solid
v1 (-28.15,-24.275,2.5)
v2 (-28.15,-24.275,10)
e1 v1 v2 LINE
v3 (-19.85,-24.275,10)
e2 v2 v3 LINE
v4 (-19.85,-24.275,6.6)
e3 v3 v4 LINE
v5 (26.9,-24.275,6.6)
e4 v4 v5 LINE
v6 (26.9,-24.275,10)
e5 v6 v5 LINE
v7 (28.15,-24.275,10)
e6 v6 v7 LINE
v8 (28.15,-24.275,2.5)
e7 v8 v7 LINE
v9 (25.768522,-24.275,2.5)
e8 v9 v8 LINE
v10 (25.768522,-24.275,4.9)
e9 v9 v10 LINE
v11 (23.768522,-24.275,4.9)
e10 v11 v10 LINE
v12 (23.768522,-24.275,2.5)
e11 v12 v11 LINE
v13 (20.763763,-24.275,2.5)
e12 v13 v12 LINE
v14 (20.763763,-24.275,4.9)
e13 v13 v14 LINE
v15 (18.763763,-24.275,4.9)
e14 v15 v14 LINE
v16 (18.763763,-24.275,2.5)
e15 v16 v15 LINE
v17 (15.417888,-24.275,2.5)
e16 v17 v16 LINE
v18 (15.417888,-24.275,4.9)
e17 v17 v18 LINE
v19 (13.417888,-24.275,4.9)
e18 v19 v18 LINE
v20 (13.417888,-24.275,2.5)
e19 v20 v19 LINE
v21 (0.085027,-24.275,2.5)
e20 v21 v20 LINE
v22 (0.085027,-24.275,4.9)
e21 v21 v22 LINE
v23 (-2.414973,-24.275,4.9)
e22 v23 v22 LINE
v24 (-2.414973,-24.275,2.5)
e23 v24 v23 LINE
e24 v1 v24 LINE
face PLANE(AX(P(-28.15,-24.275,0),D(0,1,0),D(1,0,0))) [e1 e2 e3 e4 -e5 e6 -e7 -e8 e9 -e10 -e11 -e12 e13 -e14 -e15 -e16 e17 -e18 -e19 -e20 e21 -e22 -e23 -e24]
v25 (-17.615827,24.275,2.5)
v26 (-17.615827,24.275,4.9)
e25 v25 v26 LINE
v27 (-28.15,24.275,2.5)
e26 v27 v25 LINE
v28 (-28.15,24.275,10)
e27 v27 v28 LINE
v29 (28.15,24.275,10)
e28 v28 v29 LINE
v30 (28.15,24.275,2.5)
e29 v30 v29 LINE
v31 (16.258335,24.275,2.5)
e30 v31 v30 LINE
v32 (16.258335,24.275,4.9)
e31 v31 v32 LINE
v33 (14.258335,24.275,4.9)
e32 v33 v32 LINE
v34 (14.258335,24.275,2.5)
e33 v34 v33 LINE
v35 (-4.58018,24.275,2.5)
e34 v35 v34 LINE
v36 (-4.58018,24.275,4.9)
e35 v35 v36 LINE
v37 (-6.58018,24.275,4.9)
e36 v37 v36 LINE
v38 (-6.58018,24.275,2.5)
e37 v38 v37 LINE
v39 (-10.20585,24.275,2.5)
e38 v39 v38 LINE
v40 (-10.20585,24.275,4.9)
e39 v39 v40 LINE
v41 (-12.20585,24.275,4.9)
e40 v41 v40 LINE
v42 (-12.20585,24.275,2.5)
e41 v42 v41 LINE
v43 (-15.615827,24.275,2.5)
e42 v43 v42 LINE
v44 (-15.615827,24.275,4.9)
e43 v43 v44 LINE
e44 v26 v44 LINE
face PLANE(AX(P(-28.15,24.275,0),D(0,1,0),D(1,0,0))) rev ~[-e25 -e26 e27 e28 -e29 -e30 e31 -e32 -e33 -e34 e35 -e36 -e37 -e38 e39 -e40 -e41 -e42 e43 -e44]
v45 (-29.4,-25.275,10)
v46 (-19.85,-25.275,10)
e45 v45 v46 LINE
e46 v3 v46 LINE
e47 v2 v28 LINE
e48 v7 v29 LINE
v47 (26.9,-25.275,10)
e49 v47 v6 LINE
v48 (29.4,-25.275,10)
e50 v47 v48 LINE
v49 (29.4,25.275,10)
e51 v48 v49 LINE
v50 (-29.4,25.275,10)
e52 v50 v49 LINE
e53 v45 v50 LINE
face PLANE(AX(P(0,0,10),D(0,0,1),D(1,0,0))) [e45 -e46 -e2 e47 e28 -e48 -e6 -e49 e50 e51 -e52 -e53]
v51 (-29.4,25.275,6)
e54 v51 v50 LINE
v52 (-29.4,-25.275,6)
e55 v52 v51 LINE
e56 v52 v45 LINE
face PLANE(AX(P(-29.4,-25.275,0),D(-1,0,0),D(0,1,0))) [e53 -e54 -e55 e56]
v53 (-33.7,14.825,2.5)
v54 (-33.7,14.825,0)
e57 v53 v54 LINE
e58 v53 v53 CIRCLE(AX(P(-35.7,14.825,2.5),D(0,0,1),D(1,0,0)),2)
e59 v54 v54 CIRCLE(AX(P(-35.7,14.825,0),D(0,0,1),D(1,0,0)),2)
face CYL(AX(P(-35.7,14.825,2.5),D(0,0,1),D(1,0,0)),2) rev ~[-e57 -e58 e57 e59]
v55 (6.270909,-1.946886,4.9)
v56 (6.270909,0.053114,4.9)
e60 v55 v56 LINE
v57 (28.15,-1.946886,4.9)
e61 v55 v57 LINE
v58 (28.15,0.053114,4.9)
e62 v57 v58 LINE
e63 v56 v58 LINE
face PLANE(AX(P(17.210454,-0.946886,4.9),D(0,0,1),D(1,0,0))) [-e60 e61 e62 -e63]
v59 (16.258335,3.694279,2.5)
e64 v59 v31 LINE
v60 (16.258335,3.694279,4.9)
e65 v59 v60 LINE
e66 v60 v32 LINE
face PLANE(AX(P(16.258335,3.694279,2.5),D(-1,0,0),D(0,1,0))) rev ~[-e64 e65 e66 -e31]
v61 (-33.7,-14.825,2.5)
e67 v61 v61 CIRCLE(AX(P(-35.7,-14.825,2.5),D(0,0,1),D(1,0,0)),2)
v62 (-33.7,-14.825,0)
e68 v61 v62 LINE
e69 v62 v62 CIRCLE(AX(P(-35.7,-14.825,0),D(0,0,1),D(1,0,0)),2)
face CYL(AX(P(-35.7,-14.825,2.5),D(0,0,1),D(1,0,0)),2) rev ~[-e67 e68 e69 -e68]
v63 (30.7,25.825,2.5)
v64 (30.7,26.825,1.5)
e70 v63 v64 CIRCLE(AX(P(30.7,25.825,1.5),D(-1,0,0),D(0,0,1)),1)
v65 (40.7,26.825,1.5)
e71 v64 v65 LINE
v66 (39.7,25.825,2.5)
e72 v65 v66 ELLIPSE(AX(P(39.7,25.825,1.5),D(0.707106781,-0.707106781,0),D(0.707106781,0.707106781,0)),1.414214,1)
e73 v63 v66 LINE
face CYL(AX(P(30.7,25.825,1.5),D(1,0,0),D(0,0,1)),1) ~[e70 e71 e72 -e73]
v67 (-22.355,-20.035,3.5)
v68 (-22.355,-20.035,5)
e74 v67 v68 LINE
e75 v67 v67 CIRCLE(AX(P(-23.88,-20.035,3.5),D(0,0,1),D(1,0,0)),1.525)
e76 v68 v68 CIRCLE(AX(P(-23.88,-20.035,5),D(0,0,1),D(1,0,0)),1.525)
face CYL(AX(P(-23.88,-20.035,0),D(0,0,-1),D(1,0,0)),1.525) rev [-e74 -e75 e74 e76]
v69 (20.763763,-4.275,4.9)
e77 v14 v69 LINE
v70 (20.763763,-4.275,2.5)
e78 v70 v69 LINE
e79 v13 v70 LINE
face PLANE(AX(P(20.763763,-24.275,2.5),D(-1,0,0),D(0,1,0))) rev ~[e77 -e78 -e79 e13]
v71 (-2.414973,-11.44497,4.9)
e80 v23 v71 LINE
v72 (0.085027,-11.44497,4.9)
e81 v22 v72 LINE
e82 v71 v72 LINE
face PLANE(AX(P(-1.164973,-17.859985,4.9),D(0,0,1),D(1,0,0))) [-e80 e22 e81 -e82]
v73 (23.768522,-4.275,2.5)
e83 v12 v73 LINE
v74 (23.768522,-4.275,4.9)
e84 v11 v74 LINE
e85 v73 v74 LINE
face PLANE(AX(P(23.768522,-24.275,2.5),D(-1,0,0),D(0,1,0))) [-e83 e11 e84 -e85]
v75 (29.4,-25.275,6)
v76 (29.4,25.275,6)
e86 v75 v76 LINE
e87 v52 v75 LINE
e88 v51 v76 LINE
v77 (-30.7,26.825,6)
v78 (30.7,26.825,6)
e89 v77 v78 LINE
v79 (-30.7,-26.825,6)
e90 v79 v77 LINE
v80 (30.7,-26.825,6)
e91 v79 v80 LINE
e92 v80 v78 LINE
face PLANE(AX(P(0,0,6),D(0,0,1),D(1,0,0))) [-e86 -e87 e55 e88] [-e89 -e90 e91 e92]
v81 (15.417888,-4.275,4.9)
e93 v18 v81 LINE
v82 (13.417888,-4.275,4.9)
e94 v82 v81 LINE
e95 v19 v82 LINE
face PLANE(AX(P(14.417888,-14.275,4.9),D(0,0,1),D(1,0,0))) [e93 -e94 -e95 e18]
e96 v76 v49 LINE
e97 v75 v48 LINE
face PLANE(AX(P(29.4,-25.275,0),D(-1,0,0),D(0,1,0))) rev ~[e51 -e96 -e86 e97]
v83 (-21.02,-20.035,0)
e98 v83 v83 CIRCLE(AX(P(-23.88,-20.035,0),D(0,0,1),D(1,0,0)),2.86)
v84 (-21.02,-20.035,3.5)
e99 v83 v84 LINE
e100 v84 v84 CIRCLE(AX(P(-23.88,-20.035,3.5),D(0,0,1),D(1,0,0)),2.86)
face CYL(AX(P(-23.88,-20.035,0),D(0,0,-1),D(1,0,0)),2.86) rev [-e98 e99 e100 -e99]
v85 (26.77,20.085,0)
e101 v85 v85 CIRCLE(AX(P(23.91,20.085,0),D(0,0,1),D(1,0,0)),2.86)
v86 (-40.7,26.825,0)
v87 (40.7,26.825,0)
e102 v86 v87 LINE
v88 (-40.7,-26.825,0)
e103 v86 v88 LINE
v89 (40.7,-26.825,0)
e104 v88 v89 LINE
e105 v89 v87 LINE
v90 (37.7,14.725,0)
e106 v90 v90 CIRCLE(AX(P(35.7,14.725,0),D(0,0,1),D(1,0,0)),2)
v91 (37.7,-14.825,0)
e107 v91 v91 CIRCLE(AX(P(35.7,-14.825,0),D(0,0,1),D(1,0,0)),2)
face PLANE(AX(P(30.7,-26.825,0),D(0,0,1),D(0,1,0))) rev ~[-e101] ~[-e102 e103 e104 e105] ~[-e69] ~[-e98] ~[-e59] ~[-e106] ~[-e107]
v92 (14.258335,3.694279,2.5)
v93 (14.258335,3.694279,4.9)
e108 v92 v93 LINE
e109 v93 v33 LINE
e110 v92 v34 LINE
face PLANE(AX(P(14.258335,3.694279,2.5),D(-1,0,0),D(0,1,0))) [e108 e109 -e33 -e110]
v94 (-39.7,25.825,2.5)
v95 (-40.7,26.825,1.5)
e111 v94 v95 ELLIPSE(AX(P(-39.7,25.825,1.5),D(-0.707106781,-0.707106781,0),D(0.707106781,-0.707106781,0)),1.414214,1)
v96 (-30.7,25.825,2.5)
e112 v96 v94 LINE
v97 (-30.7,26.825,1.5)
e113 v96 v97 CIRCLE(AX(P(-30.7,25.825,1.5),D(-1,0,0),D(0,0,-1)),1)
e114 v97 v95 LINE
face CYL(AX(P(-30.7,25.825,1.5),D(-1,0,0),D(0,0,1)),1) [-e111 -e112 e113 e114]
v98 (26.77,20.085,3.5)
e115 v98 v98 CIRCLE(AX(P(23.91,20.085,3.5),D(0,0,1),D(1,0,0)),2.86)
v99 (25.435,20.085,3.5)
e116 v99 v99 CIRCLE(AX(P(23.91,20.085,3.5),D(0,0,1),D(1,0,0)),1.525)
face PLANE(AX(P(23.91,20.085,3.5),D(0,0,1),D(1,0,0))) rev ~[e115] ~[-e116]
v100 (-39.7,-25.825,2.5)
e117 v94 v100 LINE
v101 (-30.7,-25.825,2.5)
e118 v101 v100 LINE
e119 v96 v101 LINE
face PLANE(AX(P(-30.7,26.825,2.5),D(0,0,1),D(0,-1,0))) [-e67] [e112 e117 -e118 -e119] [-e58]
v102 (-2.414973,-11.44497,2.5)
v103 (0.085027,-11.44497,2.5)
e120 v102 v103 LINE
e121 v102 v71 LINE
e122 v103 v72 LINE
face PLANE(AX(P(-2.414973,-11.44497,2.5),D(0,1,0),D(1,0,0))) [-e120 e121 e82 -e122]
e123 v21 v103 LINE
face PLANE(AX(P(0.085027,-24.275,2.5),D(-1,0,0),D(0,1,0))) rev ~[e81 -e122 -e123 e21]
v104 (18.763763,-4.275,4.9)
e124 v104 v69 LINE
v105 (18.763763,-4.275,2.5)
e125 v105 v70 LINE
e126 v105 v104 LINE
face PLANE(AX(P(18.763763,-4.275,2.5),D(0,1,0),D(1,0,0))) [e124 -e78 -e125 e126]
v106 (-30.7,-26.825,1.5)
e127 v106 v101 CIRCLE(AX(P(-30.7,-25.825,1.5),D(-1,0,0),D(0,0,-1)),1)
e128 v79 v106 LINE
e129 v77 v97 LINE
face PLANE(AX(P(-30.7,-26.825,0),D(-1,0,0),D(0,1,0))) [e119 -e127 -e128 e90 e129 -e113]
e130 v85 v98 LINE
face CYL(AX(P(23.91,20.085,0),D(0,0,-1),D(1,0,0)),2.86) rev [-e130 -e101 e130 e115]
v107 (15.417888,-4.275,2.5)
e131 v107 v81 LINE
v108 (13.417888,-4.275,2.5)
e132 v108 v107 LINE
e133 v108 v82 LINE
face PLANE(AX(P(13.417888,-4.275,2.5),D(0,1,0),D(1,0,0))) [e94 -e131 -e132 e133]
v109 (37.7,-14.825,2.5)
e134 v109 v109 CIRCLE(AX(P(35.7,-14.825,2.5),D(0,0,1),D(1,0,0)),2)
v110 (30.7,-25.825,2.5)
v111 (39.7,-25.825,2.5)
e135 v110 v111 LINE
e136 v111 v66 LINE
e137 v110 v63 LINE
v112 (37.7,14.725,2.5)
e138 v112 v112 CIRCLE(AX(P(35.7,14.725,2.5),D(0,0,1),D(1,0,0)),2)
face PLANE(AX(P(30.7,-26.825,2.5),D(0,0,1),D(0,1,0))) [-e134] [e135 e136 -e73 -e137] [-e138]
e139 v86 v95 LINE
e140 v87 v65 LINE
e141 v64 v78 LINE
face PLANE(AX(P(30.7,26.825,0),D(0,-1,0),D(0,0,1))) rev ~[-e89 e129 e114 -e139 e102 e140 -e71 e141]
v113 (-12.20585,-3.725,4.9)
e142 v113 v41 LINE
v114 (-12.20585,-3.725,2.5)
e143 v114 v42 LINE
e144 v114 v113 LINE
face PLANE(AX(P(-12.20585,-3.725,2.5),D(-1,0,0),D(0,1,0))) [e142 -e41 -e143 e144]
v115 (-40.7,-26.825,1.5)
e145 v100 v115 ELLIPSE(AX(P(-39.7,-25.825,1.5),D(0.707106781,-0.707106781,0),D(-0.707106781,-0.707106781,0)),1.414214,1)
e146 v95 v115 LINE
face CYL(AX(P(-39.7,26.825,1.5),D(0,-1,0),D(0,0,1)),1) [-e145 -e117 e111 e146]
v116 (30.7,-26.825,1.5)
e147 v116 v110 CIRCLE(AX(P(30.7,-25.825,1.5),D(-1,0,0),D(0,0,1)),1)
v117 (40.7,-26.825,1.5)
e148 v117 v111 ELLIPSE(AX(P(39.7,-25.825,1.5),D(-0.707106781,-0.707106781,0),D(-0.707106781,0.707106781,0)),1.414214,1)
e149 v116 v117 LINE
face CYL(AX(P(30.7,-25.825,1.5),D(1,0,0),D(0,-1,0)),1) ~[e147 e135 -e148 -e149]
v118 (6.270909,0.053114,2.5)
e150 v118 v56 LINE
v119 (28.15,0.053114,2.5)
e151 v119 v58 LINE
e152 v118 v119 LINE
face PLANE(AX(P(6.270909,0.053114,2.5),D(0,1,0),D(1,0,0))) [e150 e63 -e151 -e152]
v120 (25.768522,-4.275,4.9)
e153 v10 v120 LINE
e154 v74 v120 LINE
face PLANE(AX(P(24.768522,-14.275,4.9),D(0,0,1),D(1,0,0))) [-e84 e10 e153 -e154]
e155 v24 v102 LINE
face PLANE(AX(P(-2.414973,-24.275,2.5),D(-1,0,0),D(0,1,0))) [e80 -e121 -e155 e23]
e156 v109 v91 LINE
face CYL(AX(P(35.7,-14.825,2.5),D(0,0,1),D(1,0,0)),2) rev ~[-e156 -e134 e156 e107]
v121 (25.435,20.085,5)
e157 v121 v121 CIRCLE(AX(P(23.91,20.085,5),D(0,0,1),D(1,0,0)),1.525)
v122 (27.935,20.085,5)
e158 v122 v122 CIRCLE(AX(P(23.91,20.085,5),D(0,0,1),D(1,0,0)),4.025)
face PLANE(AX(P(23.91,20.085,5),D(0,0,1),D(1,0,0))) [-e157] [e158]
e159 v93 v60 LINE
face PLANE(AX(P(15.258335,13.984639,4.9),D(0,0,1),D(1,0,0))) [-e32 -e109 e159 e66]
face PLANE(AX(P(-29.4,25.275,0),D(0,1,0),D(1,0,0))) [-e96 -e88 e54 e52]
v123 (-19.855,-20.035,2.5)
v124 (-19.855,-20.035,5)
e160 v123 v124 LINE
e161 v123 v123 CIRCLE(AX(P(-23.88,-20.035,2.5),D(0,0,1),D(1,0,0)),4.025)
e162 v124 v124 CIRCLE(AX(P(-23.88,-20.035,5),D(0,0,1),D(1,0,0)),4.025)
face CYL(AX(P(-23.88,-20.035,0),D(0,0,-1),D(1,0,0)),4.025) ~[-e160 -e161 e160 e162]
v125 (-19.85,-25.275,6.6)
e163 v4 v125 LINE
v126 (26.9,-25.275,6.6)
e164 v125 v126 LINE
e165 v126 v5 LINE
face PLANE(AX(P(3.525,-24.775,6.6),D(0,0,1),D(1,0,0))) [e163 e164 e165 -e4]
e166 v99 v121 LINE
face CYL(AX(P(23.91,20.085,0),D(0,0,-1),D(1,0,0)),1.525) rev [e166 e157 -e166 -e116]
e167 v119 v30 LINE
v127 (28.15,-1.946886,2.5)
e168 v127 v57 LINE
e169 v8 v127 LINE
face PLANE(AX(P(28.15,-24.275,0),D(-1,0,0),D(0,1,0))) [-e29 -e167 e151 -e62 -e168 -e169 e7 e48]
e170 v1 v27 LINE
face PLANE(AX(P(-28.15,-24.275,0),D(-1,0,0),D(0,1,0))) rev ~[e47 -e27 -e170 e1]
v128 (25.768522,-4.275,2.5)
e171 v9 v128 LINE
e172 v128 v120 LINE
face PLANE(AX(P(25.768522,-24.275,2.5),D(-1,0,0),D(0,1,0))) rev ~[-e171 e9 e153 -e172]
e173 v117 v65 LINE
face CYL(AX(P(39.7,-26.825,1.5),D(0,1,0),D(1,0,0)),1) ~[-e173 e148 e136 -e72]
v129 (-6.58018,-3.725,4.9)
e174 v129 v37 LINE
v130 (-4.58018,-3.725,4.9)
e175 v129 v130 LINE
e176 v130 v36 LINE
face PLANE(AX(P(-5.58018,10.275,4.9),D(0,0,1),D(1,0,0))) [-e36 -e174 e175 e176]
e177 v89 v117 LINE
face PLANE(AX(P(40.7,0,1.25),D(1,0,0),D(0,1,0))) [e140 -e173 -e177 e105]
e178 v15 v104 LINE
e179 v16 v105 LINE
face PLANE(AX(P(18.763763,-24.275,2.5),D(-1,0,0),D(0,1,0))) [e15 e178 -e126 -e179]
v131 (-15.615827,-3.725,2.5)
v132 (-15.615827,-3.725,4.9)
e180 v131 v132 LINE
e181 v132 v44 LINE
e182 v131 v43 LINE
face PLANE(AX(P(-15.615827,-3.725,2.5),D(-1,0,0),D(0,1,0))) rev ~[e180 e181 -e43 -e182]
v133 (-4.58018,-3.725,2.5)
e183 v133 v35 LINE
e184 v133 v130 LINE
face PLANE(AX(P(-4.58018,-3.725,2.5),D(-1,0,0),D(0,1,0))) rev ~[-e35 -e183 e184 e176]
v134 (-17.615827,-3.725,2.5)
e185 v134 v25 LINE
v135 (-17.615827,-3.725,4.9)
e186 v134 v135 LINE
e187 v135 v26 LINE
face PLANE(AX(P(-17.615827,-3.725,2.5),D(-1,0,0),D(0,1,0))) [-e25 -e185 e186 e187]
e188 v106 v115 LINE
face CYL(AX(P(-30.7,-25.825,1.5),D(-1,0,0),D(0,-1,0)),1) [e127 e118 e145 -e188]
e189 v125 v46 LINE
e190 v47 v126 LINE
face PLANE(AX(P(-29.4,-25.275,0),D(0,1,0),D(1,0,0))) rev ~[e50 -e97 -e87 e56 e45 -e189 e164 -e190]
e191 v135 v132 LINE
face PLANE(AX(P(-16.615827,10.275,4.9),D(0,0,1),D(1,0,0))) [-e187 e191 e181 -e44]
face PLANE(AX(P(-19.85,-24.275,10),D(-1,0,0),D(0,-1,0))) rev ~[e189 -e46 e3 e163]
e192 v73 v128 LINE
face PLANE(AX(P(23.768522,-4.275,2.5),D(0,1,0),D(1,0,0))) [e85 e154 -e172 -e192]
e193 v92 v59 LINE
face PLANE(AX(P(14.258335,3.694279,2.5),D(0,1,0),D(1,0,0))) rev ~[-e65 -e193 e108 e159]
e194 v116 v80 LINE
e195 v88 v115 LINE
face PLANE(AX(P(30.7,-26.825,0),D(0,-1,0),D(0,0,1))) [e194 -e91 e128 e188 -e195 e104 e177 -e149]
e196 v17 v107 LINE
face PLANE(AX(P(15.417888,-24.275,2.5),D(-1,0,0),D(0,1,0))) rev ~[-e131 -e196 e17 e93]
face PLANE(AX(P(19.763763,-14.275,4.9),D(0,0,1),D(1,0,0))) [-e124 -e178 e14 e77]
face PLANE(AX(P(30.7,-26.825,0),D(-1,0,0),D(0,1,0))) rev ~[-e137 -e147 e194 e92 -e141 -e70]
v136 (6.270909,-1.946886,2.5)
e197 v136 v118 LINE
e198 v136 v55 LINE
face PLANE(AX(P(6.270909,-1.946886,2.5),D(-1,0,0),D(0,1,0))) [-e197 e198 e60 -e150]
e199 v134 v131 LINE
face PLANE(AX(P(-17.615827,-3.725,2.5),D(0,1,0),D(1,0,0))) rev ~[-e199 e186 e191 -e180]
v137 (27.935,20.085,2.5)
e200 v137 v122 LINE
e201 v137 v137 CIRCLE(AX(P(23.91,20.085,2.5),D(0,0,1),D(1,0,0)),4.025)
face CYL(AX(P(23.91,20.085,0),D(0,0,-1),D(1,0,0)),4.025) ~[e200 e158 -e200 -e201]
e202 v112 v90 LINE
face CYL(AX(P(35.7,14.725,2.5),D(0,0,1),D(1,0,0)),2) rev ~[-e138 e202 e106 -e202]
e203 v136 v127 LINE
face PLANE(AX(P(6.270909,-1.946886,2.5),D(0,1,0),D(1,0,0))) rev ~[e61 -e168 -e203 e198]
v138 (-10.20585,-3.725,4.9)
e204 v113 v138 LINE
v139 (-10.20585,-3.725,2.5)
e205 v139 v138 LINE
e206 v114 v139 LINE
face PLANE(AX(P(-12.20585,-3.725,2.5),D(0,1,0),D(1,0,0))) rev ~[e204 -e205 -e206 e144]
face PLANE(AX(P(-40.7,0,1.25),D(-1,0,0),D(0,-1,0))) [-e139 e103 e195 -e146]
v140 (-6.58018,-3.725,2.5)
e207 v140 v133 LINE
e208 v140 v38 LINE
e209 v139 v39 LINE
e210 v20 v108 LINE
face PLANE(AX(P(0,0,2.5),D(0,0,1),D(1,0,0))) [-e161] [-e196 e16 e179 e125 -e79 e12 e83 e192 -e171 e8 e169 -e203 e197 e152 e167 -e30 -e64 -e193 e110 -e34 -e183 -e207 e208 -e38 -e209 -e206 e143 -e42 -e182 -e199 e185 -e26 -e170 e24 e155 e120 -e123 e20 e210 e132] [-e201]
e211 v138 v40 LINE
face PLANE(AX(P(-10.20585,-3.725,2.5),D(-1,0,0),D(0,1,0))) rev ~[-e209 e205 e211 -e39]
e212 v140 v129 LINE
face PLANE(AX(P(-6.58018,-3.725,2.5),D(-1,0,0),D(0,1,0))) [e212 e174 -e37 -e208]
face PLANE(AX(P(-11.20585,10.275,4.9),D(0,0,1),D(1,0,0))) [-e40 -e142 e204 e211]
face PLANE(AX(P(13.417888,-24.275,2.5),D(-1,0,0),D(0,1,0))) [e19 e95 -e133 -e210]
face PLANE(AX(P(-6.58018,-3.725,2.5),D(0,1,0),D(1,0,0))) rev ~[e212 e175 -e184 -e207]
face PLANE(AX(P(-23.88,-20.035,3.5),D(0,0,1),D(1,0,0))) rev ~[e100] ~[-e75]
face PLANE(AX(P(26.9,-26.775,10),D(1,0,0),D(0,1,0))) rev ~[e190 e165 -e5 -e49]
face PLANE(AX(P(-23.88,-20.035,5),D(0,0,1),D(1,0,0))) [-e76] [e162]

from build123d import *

# Parameters (mm, degrees)
F0_W      = 56.2999993563
F0_H      = 48.5499993563
F0_R      = 4.025
F1_DEPTH  = 2.5
F0_R_2    = 2.86
F0_R_3    = 1.525
F2_DEPTH  = 5
F0_W_2    = 58.7999993563
F0_H_2    = 50.5499993563
F3_DEPTH  = 10
F0_W_3    = 61.3999993563
F0_H_3    = 53.6499993563
F4_DEPTH  = 6
F5_DEPTH  = 3.5
F6_W      = 53.6499993563
F6_H      = 2.5
F8_DEPTH  = 10
F7_W      = 53.6499993563
F7_H      = 2.5
F9_DEPTH  = 10
F10_R     = 2
F11_R     = 2
F12_DEPTH = 2.5
F13_W     = 46.75
F13_H     = 1
F13_H_2   = 1.5
F14_DEPTH = 3.4
F15_W     = 2
F15_H     = 28
F15_H_2   = 20.5807207916
F15_W_2   = 21.8790904619
F15_H_3   = 2
F15_H_4   = 20
F15_W_3   = 2.5
F15_H_5   = 12.8300296441
F16_DEPTH = 2.4
F17_R     = 1


with BuildPart() as f1:
    # F0 (on Top) → F1 (new body)
    with BuildSketch(Plane.XY):
        Rectangle(F0_W, F0_H)
        with Locations((-23.88, -20.035)):
            Circle(F0_R, mode=Mode.SUBTRACT)
        with Locations((23.91, 20.085)):
            Circle(F0_R, mode=Mode.SUBTRACT)
    extrude(amount=F1_DEPTH)

    # F0 (on Top) → F2 (join)
    with BuildSketch(Plane.XY):
        with Locations((-23.88, -20.035)):
            Circle(F0_R)
        with Locations((-23.88, -20.035)):
            Circle(F0_R_2, mode=Mode.SUBTRACT)
        with Locations((-23.88, -20.035)):
            Circle(F0_R_2)
        with Locations((-23.88, -20.035)):
            Circle(F0_R_3, mode=Mode.SUBTRACT)
        with Locations((23.91, 20.085)):
            Circle(F0_R)
        with Locations((23.91, 20.085)):
            Circle(F0_R_2, mode=Mode.SUBTRACT)
        with Locations((23.91, 20.085)):
            Circle(F0_R_2)
        with Locations((23.91, 20.085)):
            Circle(F0_R_3, mode=Mode.SUBTRACT)
    extrude(amount=F2_DEPTH)

    # F0 (on Top) → F3 (join)
    with BuildSketch(Plane.XY):
        Rectangle(F0_W_2, F0_H_2)
        Rectangle(F0_W, F0_H, mode=Mode.SUBTRACT)
    extrude(amount=F3_DEPTH)

    # F0 (on Top) → F4 (join)
    with BuildSketch(Plane.XY):
        Rectangle(F0_W_3, F0_H_3)
        Rectangle(F0_W_2, F0_H_2, mode=Mode.SUBTRACT)
    extrude(amount=F4_DEPTH)

    # F0 (on Top) → F5 (cut)
    with BuildSketch(Plane.XY):
        with Locations((-23.88, -20.035)):
            Circle(F0_R_2)
        with Locations((-23.88, -20.035)):
            Circle(F0_R_3, mode=Mode.SUBTRACT)
        with Locations((23.91, 20.085)):
            Circle(F0_R_2)
        with Locations((23.91, 20.085)):
            Circle(F0_R_3, mode=Mode.SUBTRACT)
    extrude(amount=F5_DEPTH, mode=Mode.SUBTRACT)

    # F6 (on face) → F8 (join)
    with BuildSketch(Plane(origin=(-30.6999996781, 0, 0), x_dir=(0, -1, 0), z_dir=(-1, 0, 0))):
        with Locations((0, 1.25)):
            Rectangle(F6_W, F6_H)
    extrude(amount=F8_DEPTH)

    # F7 (on face) → F9 (join)
    with BuildSketch(Plane.YZ.offset(30.6999996781)):
        with Locations((0, 1.25)):
            Rectangle(F7_W, F7_H)
    extrude(amount=F9_DEPTH)

    # F10 (on face) + F11 (on face) → F12 (cut)
    with BuildSketch(Plane.XY.offset(2.5)):
        with Locations((-35.6999996781, 14.8249996781)):
            Circle(F10_R)
        with Locations((-35.6999996781, -14.8249996781)):
            Circle(F10_R)
    with BuildSketch(Plane.XY.offset(2.5)):
        with Locations((35.6999996781, 14.7250003219)):
            Circle(F11_R)
        with Locations((35.6999996781, -14.8249996781)):
            Circle(F11_R)
    extrude(amount=-F12_DEPTH, mode=Mode.SUBTRACT)

    # F13 (on face) → F14 (cut)
    with BuildSketch(Plane.XY.offset(10)):
        with Locations((3.5249996781, -24.7749996781)):
            Rectangle(F13_W, F13_H)
        with Locations((3.5249996781, -26.0249996781)):
            Rectangle(F13_W, F13_H_2)
    extrude(amount=-F14_DEPTH, mode=Mode.SUBTRACT)

    # F15 (on face) → F16 (join)
    with BuildSketch(Plane.XY.offset(2.5)):
        with Locations((-16.6158268005, 10.2749996781)):
            Rectangle(F15_W, F15_H)
        with Locations((-11.205850333, 10.2749996781)):
            Rectangle(F15_W, F15_H)
        with Locations((-5.5801804885, 10.2749996781)):
            Rectangle(F15_W, F15_H)
        with Locations((15.2583353445, 13.9846392823)):
            Rectangle(F15_W, F15_H_2)
        with Locations((17.2104544472, -0.9468855462)):
            Rectangle(F15_W_2, F15_H_3)
        with Locations((14.4178884327, -14.2749996781)):
            Rectangle(F15_W, F15_H_4)
        with Locations((19.7637628987, -14.2749996781)):
            Rectangle(F15_W, F15_H_4)
        with Locations((24.7685218453, -14.2749996781)):
            Rectangle(F15_W, F15_H_4)
        with Locations((-1.164972987, -17.8599848561)):
            Rectangle(F15_W_3, F15_H_5)
    extrude(amount=F16_DEPTH)

    # F17
    f17_edges = [f1.edges().sort_by_distance(p)[0] for p in [
        (-40.7, 0, 2.5),
        (40.7, 0, 2.5),
        (-35.7, 26.825, 2.5),
        (-35.7, -26.825, 2.5),
        (35.7, -26.825, 2.5),
        (35.7, 26.825, 2.5),
    ]]
    fillet(f17_edges, radius=F17_R)


solid = f1.part
